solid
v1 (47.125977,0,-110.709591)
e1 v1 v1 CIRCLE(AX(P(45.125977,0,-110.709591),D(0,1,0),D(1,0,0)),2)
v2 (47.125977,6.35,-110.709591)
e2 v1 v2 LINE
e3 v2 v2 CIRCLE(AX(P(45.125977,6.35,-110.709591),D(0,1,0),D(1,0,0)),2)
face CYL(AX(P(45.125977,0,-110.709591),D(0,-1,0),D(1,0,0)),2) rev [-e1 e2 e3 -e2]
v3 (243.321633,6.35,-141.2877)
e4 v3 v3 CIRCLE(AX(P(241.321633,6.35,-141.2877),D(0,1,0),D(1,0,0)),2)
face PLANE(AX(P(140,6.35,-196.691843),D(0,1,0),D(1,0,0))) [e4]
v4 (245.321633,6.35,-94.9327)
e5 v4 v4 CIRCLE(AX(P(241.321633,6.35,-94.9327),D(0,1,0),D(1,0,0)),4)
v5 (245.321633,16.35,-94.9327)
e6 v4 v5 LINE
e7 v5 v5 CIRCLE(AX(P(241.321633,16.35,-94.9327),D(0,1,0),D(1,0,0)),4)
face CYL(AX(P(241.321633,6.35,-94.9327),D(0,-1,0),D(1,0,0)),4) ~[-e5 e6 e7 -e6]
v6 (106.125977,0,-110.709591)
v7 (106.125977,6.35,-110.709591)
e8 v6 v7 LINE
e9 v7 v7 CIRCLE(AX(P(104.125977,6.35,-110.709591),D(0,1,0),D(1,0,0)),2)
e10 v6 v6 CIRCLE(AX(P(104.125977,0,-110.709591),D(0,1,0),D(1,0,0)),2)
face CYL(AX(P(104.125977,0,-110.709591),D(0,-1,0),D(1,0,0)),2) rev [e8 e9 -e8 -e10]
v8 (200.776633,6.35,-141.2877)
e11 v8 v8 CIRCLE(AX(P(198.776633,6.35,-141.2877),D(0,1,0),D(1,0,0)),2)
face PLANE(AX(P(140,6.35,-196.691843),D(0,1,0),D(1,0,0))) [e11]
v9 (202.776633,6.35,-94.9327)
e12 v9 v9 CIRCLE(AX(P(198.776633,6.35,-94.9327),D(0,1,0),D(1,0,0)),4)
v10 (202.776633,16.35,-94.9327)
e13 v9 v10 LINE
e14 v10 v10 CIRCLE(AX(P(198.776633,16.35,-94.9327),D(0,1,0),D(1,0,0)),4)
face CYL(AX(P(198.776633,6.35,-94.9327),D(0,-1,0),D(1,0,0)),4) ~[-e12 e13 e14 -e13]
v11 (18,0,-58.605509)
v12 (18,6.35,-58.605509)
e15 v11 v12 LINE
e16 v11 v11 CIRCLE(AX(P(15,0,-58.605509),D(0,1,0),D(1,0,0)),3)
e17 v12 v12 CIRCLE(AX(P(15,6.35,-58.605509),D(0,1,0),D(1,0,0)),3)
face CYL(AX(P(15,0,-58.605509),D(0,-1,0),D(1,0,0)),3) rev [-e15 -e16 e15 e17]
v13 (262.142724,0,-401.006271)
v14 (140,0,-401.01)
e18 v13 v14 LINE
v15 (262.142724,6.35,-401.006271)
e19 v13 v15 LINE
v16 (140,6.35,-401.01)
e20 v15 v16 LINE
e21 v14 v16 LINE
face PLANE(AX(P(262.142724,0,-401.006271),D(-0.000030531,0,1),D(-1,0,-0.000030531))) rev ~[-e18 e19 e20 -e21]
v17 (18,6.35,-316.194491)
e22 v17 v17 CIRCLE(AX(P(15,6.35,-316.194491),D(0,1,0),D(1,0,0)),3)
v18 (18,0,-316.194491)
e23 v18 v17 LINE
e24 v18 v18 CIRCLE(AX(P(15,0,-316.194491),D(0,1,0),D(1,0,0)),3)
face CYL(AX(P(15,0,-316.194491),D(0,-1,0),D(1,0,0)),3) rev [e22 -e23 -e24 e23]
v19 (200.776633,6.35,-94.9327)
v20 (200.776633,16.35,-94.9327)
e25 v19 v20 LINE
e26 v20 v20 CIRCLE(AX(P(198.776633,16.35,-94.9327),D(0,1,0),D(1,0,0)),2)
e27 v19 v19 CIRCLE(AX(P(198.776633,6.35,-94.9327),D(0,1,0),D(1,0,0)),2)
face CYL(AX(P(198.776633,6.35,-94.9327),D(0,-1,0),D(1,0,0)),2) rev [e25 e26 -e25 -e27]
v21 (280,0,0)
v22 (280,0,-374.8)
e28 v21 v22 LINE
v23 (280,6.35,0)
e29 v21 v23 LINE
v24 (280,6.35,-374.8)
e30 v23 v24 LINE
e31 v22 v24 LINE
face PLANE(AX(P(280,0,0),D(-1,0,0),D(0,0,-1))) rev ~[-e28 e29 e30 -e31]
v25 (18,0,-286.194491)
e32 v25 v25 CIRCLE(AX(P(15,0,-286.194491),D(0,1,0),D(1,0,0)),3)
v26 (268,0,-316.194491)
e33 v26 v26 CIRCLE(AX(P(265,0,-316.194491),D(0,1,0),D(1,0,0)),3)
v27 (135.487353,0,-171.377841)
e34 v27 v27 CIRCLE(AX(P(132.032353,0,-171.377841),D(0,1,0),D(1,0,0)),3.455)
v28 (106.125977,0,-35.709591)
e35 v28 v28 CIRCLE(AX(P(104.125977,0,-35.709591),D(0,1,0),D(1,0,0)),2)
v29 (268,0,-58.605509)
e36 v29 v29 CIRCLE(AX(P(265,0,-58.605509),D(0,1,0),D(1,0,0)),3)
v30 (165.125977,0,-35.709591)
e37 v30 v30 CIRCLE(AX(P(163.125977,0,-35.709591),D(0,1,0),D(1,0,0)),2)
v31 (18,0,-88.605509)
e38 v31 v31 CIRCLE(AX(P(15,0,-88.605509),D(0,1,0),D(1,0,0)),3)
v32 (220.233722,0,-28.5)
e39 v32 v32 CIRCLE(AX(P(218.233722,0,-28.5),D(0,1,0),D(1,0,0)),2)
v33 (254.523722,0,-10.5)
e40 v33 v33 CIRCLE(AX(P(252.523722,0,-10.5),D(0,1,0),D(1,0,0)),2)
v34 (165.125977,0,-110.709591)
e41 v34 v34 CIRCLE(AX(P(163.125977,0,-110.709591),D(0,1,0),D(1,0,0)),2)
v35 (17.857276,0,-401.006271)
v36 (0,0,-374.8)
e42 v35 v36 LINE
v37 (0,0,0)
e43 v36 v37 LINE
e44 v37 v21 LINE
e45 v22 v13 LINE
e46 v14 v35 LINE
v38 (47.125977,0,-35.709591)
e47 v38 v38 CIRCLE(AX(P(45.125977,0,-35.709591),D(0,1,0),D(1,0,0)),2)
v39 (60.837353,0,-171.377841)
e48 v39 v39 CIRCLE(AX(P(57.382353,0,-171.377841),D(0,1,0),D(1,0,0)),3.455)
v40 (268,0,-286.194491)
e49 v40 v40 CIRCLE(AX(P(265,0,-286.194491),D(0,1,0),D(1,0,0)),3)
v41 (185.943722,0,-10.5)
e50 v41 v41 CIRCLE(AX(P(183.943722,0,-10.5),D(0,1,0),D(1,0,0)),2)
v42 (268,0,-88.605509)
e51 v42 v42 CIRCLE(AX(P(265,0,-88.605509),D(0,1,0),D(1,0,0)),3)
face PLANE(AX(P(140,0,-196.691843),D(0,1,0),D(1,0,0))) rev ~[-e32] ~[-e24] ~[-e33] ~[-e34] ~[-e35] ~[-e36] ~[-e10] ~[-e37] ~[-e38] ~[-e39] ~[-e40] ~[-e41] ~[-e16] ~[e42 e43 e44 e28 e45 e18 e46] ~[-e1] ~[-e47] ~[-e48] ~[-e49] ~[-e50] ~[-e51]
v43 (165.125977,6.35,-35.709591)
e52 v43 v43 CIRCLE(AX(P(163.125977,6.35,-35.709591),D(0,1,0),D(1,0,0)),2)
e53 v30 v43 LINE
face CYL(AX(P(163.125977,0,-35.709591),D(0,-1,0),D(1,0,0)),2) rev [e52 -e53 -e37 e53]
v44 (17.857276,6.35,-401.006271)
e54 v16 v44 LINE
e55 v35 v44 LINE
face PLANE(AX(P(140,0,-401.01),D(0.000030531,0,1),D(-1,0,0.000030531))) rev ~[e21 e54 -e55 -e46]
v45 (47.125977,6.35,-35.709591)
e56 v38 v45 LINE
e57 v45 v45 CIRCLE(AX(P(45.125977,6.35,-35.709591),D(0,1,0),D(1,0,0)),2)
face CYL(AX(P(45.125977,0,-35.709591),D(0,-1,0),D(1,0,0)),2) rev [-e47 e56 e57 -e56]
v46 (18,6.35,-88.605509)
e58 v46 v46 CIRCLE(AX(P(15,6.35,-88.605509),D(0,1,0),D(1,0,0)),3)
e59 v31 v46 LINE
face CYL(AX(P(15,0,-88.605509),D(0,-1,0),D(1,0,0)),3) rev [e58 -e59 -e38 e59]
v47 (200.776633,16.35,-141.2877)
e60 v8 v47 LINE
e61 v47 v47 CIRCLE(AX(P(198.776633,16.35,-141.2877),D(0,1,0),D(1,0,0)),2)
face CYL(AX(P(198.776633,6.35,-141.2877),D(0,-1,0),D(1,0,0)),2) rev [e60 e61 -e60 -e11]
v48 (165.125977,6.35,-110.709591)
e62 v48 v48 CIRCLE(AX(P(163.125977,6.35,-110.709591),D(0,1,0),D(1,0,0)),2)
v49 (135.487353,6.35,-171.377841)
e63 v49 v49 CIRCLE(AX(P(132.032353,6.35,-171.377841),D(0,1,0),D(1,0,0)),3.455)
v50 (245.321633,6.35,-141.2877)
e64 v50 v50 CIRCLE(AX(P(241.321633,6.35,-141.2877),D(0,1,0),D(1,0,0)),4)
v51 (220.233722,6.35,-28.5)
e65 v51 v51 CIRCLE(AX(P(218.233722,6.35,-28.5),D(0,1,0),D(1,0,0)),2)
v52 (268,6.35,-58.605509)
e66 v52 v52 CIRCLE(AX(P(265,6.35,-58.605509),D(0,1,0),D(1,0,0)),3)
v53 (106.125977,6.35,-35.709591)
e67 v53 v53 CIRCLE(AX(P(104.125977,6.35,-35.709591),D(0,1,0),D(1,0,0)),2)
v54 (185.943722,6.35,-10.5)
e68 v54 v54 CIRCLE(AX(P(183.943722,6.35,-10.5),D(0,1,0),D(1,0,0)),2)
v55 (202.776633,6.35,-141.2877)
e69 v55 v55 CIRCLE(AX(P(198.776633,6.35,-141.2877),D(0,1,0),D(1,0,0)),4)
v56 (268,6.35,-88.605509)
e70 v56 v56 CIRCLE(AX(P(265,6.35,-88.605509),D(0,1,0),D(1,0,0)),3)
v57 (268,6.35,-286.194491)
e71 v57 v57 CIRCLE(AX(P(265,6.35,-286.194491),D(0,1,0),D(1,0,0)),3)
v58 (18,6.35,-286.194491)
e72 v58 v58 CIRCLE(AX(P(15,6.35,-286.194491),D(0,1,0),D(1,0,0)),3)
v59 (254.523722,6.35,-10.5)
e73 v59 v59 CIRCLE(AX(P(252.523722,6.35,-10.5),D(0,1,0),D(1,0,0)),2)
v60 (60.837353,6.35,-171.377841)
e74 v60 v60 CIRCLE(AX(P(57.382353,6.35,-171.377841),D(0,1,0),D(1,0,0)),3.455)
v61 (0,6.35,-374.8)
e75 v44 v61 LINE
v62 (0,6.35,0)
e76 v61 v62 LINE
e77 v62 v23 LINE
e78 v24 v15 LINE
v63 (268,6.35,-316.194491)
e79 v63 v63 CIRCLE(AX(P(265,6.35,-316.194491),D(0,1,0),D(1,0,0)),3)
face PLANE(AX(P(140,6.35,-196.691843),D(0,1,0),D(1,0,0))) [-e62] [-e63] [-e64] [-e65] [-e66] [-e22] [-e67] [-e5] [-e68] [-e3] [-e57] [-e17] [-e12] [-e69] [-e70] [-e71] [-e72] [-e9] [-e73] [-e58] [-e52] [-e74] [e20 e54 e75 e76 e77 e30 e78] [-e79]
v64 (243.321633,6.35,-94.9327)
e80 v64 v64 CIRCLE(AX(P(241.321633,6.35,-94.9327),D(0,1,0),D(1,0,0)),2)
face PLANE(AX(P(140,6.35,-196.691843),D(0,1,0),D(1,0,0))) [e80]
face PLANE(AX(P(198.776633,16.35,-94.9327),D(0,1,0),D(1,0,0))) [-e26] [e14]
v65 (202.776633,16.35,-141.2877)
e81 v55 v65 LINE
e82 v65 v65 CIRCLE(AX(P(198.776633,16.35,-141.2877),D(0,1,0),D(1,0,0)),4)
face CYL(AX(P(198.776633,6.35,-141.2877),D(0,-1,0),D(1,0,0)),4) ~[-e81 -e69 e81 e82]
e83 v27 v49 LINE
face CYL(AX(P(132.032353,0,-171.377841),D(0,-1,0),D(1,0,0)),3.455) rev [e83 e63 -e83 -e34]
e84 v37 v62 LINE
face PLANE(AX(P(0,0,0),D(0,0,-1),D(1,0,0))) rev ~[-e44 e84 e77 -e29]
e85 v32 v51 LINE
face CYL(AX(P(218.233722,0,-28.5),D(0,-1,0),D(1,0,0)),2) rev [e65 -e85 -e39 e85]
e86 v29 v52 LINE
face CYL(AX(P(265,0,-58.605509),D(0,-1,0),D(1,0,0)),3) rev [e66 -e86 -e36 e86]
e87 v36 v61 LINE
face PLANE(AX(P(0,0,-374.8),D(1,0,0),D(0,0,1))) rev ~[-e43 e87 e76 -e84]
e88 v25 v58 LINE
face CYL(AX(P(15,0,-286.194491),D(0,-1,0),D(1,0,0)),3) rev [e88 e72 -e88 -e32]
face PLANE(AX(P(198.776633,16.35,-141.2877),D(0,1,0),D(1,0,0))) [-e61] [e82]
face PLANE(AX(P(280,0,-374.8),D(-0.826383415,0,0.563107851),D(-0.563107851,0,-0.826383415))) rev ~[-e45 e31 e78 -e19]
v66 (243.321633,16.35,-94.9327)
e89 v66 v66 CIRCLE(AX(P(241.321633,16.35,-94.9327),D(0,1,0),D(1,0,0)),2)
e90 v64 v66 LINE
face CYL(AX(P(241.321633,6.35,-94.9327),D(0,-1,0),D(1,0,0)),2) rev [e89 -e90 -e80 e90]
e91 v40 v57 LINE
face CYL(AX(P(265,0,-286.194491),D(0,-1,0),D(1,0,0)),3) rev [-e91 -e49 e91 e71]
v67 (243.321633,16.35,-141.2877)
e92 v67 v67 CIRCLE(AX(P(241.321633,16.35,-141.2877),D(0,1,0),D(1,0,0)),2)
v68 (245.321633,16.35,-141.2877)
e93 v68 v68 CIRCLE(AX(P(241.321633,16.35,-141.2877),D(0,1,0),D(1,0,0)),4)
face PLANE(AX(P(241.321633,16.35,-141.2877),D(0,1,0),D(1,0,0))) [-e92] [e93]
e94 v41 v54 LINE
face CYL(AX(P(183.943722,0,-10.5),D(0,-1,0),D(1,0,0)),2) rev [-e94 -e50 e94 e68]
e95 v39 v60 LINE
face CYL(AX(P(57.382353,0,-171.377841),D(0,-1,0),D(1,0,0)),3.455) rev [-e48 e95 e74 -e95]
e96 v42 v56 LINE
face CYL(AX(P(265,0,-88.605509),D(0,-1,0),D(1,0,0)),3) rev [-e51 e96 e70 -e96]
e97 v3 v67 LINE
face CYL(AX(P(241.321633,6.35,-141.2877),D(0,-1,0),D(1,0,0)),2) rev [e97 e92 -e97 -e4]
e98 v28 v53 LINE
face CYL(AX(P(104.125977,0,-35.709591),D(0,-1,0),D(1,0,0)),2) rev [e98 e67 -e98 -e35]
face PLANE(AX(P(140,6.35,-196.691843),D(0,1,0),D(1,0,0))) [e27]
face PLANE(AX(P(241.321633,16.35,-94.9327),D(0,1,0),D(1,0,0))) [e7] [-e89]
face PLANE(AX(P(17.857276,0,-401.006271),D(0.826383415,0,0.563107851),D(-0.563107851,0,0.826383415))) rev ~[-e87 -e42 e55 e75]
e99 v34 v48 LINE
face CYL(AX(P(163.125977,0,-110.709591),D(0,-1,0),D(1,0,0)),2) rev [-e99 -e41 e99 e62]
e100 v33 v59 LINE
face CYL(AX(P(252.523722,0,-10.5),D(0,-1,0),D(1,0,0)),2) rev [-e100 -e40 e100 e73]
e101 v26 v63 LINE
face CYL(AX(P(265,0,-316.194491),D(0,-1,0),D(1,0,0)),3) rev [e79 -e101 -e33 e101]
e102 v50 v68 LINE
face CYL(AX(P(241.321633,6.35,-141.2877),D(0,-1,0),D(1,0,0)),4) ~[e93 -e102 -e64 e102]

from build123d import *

# Parameters (mm, degrees)
SKETCH2_R           = 2
SKETCH2_R_2         = 3.455
SKETCH2_R_3         = 3
BOSS_EXTRUDE1_DEPTH = 6.35
SKETCH3_R           = 4
SKETCH3_R_2         = 2
BOSS_EXTRUDE2_DEPTH = 10


with BuildPart() as part:
    # Sketch2 → Boss-Extrude1 (new body)
    with BuildSketch(Plane(origin=(0, 0, 0), x_dir=(1, 0, 0), z_dir=(0, 1, 0))):
        Polygon((0, 0), (280, 0), (280, 374.8), (262.142723834, 401.006270851), (140, 401.01), (17.857276166, 401.006270851), (0, 374.8), align=None)
        with Locations((45.125976945, 35.709590933)):
            Circle(SKETCH2_R, mode=Mode.SUBTRACT)
        with Locations((45.125976945, 110.709590933)):
            Circle(SKETCH2_R, mode=Mode.SUBTRACT)
        with Locations((104.125976945, 35.709590933)):
            Circle(SKETCH2_R, mode=Mode.SUBTRACT)
        with Locations((104.125976945, 110.709590933)):
            Circle(SKETCH2_R, mode=Mode.SUBTRACT)
        with Locations((163.125976945, 35.709590933)):
            Circle(SKETCH2_R, mode=Mode.SUBTRACT)
        with Locations((163.125976945, 110.709590933)):
            Circle(SKETCH2_R, mode=Mode.SUBTRACT)
        with Locations((57.382352913, 171.377840784)):
            Circle(SKETCH2_R_2, mode=Mode.SUBTRACT)
        with Locations((132.032352913, 171.377840784)):
            Circle(SKETCH2_R_2, mode=Mode.SUBTRACT)
        with Locations((252.523722024, 10.5)):
            Circle(SKETCH2_R, mode=Mode.SUBTRACT)
        with Locations((218.233722024, 28.5)):
            Circle(SKETCH2_R, mode=Mode.SUBTRACT)
        with Locations((183.943722024, 10.5)):
            Circle(SKETCH2_R, mode=Mode.SUBTRACT)
        with Locations((265, 88.605509424)):
            Circle(SKETCH2_R_3, mode=Mode.SUBTRACT)
        with Locations((265, 58.605509424)):
            Circle(SKETCH2_R_3, mode=Mode.SUBTRACT)
        with Locations((15, 58.605509424)):
            Circle(SKETCH2_R_3, mode=Mode.SUBTRACT)
        with Locations((15, 88.605509424)):
            Circle(SKETCH2_R_3, mode=Mode.SUBTRACT)
        with Locations((265, 316.194490576)):
            Circle(SKETCH2_R_3, mode=Mode.SUBTRACT)
        with Locations((265, 286.194490576)):
            Circle(SKETCH2_R_3, mode=Mode.SUBTRACT)
        with Locations((15, 316.194490576)):
            Circle(SKETCH2_R_3, mode=Mode.SUBTRACT)
        with Locations((15, 286.194490576)):
            Circle(SKETCH2_R_3, mode=Mode.SUBTRACT)
    extrude(amount=BOSS_EXTRUDE1_DEPTH)

    # Sketch3 → Boss-Extrude2 (add)
    with BuildSketch(Plane(origin=(0, 6.35, 0), x_dir=(1, 0, 0), z_dir=(0, 1, 0))):
        with Locations((241.321633488, 94.932700401)):
            Circle(SKETCH3_R)
        with Locations((241.321633488, 94.932700401)):
            Circle(SKETCH3_R_2, mode=Mode.SUBTRACT)
        with Locations((198.776633488, 94.932700401)):
            Circle(SKETCH3_R)
        with Locations((198.776633488, 94.932700401)):
            Circle(SKETCH3_R_2, mode=Mode.SUBTRACT)
        with Locations((198.776633488, 141.287700401)):
            Circle(SKETCH3_R)
        with Locations((198.776633488, 141.287700401)):
            Circle(SKETCH3_R_2, mode=Mode.SUBTRACT)
        with Locations((241.321633488, 141.287700401)):
            Circle(SKETCH3_R)
        with Locations((241.321633488, 141.287700401)):
            Circle(SKETCH3_R_2, mode=Mode.SUBTRACT)
    extrude(amount=BOSS_EXTRUDE2_DEPTH)


solid = part.part
